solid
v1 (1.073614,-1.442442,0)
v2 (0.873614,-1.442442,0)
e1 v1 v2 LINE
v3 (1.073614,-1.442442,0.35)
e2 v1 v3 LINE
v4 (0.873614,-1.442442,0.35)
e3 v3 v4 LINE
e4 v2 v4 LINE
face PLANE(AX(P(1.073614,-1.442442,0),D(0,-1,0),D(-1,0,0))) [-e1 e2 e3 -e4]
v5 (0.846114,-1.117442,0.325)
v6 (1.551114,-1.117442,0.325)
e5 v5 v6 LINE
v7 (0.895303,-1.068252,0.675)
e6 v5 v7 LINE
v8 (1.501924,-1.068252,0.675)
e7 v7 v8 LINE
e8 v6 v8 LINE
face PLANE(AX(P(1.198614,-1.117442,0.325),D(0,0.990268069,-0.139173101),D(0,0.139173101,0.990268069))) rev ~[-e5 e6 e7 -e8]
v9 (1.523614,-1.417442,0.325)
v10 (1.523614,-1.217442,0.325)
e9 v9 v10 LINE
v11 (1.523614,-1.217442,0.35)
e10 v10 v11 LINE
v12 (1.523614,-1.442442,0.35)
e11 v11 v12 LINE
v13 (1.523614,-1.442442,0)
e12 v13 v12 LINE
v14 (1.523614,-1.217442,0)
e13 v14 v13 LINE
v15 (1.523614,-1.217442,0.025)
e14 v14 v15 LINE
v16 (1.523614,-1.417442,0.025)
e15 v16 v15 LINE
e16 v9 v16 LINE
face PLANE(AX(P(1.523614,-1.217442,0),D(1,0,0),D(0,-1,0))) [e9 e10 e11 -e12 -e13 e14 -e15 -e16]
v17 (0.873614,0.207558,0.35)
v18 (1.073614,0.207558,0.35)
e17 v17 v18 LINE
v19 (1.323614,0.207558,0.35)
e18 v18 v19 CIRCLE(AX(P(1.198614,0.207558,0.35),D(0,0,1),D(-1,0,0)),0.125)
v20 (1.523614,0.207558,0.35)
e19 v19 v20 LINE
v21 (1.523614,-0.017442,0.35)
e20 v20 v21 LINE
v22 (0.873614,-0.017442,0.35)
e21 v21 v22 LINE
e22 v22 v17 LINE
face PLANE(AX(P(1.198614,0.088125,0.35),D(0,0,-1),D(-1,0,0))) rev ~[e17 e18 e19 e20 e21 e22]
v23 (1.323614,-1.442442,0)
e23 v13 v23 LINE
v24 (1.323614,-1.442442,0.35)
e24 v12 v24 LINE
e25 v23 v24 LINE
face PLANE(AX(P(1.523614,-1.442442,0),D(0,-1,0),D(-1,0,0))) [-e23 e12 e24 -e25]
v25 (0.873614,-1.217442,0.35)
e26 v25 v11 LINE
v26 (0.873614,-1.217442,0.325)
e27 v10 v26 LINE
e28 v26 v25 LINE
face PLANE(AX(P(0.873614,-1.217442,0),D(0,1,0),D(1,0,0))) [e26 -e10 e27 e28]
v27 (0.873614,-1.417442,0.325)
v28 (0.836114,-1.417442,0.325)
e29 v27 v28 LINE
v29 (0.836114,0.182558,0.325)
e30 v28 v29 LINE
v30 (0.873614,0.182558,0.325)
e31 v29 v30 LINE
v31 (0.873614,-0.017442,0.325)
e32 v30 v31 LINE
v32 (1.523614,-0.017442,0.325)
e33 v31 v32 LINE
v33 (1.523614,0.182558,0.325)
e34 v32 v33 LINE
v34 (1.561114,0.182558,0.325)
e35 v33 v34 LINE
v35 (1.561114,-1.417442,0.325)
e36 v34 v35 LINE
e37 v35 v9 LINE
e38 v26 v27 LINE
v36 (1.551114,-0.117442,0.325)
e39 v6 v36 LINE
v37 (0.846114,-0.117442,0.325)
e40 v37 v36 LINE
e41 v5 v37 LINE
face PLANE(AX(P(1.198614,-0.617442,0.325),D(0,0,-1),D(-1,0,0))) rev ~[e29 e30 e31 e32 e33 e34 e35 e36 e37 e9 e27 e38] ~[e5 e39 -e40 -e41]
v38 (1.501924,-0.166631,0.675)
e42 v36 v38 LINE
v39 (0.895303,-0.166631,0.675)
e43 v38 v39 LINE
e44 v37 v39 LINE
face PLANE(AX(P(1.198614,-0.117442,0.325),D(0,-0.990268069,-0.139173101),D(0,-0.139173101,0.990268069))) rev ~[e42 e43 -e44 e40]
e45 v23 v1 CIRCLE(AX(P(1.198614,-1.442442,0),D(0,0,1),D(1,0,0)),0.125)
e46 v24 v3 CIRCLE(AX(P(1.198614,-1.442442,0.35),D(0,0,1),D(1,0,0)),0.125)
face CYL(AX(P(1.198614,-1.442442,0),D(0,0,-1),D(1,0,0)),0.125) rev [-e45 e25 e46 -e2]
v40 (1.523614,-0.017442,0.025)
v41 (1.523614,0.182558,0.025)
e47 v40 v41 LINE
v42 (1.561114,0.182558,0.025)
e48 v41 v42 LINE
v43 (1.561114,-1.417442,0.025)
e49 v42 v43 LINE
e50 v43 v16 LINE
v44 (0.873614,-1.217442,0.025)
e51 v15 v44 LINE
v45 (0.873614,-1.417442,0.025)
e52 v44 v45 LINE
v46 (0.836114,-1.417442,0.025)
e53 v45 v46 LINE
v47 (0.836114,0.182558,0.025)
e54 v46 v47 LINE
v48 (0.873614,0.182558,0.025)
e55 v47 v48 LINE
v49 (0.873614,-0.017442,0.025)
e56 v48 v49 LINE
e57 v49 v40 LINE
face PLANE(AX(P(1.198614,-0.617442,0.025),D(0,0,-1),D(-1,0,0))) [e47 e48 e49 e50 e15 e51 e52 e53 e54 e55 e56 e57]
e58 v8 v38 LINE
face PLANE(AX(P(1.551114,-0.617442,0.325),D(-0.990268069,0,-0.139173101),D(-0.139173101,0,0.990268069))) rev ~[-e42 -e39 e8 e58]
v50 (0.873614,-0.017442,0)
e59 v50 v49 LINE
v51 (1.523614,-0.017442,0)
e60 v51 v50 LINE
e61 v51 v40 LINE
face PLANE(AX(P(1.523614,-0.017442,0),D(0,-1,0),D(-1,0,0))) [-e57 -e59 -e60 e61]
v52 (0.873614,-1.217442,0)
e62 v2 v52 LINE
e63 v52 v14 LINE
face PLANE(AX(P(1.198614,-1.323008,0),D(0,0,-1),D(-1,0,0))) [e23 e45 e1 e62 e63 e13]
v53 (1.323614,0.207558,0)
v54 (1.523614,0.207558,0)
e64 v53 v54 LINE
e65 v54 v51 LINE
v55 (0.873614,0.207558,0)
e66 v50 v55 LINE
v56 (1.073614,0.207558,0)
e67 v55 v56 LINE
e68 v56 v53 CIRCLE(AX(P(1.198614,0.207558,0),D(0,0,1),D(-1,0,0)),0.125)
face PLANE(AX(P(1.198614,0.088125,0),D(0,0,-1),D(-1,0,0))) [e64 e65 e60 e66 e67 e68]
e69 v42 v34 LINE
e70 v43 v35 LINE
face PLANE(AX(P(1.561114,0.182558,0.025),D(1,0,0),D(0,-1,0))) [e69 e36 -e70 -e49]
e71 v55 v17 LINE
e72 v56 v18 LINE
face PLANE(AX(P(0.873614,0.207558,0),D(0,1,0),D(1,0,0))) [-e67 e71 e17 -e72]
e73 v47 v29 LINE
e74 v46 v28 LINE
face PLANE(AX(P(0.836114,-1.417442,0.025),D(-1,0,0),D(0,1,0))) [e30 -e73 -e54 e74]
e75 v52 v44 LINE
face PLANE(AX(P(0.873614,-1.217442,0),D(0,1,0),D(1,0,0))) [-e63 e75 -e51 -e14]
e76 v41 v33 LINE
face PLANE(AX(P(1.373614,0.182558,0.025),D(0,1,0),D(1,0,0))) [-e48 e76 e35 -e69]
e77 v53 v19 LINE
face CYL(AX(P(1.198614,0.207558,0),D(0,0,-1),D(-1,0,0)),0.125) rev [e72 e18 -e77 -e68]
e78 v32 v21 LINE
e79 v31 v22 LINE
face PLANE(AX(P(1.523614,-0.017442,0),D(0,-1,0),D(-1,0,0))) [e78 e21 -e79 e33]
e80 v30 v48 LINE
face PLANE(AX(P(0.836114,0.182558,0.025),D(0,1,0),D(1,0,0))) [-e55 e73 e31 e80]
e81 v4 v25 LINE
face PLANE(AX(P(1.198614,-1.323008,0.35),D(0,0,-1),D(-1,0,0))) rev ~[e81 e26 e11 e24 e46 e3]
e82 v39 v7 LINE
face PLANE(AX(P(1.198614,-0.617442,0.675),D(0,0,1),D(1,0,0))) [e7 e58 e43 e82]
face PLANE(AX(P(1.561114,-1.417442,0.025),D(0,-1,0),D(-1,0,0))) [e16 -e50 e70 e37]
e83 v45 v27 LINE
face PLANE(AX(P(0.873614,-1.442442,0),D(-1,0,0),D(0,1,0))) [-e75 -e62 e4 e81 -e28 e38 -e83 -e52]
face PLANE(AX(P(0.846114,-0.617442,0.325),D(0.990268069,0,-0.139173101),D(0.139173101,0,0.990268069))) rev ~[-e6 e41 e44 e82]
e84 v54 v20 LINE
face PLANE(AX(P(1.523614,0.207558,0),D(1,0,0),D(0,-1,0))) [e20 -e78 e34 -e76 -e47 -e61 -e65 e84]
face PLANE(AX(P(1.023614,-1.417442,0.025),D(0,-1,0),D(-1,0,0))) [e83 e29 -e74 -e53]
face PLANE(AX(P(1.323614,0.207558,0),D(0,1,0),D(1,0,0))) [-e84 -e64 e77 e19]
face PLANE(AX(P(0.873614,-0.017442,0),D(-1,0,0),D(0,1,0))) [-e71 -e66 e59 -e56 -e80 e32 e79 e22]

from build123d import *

# Parameters (mm, degrees)
RESSALTO_EXTRUS_O1_DEPTH   = 0.35
RESSALTO_EXTRUS_O1_2_DEPTH = 0.35
RESSALTO_EXTRUS_O2_START   = 0.025
RESSALTO_EXTRUS_O2_DEPTH   = 0.3
ESBO_O3_W                  = 0.705
ESBO_O3_H                  = 1
RESSALTO_EXTRUS_O3_DEPTH   = 0.35
RESSALTO_EXTRUS_O3_TAPER   = 8


with BuildPart() as part:
    # Esboço1 → Ressalto-extrusão1 (new body)
    with BuildSketch(Plane.XY):
        with BuildLine():
            Line((0.873613743, 0.20755841), (1.073613743, 0.20755841))
            ThreePointArc((1.073613743, 0.20755841), (1.198613743, 0.08255841), (1.323613743, 0.20755841))
            Line((1.323613743, 0.20755841), (1.523613743, 0.20755841))
            Line((1.523613743, 0.20755841), (1.523613743, -0.01744159))
            Line((1.523613743, -0.01744159), (0.873613743, -0.01744159))
            Line((0.873613743, -0.01744159), (0.873613743, 0.20755841))
        make_face()
    extrude(amount=RESSALTO_EXTRUS_O1_DEPTH)



with BuildPart() as body_2:
    # Esboço1 → Ressalto-extrus_o1 2 (new body)
    with BuildSketch(Plane.XY):
        with BuildLine():
            Line((0.873613743, -1.21744159), (1.523613743, -1.21744159))
            Line((1.523613743, -1.21744159), (1.523613743, -1.44244159))
            Line((1.523613743, -1.44244159), (1.323613743, -1.44244159))
            ThreePointArc((1.323613743, -1.44244159), (1.198613743, -1.31744159), (1.073613743, -1.44244159))
            Line((1.073613743, -1.44244159), (0.873613743, -1.44244159))
            Line((0.873613743, -1.44244159), (0.873613743, -1.21744159))
        make_face()
    extrude(amount=RESSALTO_EXTRUS_O1_2_DEPTH)


with BuildPart() as part_1:
    add(part.part)

    add(body_2.part)  # Ressalto-extrusão2 merges body 2
    # Esboço2 → Ressalto-extrusão2 (add)
    with BuildSketch(Plane.XY.offset(RESSALTO_EXTRUS_O2_START)):
        with BuildLine():
            Line((0.836113743, 0.18255841), (1.023613743, 0.18255841))
            ThreePointArc((1.023613743, 0.18255841), (1.198613743, 0.00755841), (1.373613743, 0.18255841))
            Line((1.373613743, 0.18255841), (1.561113743, 0.18255841))
            Line((1.561113743, 0.18255841), (1.561113743, -1.41744159))
            Line((1.561113743, -1.41744159), (1.373613743, -1.41744159))
            ThreePointArc((1.373613743, -1.41744159), (1.198613743, -1.24244159), (1.023613743, -1.41744159))
            Line((1.023613743, -1.41744159), (0.836113743, -1.41744159))
            Line((0.836113743, -1.41744159), (0.836113743, 0.18255841))
        make_face()
    extrude(amount=RESSALTO_EXTRUS_O2_DEPTH)

    # Esboço3 → Ressalto-extrusão3 (add)
    with BuildSketch(Plane.XY.offset(0.325)):
        with Locations((1.198613743, -0.61744159)):
            Rectangle(ESBO_O3_W, ESBO_O3_H)
    extrude(amount=RESSALTO_EXTRUS_O3_DEPTH, taper=RESSALTO_EXTRUS_O3_TAPER)


solid = part_1.part
